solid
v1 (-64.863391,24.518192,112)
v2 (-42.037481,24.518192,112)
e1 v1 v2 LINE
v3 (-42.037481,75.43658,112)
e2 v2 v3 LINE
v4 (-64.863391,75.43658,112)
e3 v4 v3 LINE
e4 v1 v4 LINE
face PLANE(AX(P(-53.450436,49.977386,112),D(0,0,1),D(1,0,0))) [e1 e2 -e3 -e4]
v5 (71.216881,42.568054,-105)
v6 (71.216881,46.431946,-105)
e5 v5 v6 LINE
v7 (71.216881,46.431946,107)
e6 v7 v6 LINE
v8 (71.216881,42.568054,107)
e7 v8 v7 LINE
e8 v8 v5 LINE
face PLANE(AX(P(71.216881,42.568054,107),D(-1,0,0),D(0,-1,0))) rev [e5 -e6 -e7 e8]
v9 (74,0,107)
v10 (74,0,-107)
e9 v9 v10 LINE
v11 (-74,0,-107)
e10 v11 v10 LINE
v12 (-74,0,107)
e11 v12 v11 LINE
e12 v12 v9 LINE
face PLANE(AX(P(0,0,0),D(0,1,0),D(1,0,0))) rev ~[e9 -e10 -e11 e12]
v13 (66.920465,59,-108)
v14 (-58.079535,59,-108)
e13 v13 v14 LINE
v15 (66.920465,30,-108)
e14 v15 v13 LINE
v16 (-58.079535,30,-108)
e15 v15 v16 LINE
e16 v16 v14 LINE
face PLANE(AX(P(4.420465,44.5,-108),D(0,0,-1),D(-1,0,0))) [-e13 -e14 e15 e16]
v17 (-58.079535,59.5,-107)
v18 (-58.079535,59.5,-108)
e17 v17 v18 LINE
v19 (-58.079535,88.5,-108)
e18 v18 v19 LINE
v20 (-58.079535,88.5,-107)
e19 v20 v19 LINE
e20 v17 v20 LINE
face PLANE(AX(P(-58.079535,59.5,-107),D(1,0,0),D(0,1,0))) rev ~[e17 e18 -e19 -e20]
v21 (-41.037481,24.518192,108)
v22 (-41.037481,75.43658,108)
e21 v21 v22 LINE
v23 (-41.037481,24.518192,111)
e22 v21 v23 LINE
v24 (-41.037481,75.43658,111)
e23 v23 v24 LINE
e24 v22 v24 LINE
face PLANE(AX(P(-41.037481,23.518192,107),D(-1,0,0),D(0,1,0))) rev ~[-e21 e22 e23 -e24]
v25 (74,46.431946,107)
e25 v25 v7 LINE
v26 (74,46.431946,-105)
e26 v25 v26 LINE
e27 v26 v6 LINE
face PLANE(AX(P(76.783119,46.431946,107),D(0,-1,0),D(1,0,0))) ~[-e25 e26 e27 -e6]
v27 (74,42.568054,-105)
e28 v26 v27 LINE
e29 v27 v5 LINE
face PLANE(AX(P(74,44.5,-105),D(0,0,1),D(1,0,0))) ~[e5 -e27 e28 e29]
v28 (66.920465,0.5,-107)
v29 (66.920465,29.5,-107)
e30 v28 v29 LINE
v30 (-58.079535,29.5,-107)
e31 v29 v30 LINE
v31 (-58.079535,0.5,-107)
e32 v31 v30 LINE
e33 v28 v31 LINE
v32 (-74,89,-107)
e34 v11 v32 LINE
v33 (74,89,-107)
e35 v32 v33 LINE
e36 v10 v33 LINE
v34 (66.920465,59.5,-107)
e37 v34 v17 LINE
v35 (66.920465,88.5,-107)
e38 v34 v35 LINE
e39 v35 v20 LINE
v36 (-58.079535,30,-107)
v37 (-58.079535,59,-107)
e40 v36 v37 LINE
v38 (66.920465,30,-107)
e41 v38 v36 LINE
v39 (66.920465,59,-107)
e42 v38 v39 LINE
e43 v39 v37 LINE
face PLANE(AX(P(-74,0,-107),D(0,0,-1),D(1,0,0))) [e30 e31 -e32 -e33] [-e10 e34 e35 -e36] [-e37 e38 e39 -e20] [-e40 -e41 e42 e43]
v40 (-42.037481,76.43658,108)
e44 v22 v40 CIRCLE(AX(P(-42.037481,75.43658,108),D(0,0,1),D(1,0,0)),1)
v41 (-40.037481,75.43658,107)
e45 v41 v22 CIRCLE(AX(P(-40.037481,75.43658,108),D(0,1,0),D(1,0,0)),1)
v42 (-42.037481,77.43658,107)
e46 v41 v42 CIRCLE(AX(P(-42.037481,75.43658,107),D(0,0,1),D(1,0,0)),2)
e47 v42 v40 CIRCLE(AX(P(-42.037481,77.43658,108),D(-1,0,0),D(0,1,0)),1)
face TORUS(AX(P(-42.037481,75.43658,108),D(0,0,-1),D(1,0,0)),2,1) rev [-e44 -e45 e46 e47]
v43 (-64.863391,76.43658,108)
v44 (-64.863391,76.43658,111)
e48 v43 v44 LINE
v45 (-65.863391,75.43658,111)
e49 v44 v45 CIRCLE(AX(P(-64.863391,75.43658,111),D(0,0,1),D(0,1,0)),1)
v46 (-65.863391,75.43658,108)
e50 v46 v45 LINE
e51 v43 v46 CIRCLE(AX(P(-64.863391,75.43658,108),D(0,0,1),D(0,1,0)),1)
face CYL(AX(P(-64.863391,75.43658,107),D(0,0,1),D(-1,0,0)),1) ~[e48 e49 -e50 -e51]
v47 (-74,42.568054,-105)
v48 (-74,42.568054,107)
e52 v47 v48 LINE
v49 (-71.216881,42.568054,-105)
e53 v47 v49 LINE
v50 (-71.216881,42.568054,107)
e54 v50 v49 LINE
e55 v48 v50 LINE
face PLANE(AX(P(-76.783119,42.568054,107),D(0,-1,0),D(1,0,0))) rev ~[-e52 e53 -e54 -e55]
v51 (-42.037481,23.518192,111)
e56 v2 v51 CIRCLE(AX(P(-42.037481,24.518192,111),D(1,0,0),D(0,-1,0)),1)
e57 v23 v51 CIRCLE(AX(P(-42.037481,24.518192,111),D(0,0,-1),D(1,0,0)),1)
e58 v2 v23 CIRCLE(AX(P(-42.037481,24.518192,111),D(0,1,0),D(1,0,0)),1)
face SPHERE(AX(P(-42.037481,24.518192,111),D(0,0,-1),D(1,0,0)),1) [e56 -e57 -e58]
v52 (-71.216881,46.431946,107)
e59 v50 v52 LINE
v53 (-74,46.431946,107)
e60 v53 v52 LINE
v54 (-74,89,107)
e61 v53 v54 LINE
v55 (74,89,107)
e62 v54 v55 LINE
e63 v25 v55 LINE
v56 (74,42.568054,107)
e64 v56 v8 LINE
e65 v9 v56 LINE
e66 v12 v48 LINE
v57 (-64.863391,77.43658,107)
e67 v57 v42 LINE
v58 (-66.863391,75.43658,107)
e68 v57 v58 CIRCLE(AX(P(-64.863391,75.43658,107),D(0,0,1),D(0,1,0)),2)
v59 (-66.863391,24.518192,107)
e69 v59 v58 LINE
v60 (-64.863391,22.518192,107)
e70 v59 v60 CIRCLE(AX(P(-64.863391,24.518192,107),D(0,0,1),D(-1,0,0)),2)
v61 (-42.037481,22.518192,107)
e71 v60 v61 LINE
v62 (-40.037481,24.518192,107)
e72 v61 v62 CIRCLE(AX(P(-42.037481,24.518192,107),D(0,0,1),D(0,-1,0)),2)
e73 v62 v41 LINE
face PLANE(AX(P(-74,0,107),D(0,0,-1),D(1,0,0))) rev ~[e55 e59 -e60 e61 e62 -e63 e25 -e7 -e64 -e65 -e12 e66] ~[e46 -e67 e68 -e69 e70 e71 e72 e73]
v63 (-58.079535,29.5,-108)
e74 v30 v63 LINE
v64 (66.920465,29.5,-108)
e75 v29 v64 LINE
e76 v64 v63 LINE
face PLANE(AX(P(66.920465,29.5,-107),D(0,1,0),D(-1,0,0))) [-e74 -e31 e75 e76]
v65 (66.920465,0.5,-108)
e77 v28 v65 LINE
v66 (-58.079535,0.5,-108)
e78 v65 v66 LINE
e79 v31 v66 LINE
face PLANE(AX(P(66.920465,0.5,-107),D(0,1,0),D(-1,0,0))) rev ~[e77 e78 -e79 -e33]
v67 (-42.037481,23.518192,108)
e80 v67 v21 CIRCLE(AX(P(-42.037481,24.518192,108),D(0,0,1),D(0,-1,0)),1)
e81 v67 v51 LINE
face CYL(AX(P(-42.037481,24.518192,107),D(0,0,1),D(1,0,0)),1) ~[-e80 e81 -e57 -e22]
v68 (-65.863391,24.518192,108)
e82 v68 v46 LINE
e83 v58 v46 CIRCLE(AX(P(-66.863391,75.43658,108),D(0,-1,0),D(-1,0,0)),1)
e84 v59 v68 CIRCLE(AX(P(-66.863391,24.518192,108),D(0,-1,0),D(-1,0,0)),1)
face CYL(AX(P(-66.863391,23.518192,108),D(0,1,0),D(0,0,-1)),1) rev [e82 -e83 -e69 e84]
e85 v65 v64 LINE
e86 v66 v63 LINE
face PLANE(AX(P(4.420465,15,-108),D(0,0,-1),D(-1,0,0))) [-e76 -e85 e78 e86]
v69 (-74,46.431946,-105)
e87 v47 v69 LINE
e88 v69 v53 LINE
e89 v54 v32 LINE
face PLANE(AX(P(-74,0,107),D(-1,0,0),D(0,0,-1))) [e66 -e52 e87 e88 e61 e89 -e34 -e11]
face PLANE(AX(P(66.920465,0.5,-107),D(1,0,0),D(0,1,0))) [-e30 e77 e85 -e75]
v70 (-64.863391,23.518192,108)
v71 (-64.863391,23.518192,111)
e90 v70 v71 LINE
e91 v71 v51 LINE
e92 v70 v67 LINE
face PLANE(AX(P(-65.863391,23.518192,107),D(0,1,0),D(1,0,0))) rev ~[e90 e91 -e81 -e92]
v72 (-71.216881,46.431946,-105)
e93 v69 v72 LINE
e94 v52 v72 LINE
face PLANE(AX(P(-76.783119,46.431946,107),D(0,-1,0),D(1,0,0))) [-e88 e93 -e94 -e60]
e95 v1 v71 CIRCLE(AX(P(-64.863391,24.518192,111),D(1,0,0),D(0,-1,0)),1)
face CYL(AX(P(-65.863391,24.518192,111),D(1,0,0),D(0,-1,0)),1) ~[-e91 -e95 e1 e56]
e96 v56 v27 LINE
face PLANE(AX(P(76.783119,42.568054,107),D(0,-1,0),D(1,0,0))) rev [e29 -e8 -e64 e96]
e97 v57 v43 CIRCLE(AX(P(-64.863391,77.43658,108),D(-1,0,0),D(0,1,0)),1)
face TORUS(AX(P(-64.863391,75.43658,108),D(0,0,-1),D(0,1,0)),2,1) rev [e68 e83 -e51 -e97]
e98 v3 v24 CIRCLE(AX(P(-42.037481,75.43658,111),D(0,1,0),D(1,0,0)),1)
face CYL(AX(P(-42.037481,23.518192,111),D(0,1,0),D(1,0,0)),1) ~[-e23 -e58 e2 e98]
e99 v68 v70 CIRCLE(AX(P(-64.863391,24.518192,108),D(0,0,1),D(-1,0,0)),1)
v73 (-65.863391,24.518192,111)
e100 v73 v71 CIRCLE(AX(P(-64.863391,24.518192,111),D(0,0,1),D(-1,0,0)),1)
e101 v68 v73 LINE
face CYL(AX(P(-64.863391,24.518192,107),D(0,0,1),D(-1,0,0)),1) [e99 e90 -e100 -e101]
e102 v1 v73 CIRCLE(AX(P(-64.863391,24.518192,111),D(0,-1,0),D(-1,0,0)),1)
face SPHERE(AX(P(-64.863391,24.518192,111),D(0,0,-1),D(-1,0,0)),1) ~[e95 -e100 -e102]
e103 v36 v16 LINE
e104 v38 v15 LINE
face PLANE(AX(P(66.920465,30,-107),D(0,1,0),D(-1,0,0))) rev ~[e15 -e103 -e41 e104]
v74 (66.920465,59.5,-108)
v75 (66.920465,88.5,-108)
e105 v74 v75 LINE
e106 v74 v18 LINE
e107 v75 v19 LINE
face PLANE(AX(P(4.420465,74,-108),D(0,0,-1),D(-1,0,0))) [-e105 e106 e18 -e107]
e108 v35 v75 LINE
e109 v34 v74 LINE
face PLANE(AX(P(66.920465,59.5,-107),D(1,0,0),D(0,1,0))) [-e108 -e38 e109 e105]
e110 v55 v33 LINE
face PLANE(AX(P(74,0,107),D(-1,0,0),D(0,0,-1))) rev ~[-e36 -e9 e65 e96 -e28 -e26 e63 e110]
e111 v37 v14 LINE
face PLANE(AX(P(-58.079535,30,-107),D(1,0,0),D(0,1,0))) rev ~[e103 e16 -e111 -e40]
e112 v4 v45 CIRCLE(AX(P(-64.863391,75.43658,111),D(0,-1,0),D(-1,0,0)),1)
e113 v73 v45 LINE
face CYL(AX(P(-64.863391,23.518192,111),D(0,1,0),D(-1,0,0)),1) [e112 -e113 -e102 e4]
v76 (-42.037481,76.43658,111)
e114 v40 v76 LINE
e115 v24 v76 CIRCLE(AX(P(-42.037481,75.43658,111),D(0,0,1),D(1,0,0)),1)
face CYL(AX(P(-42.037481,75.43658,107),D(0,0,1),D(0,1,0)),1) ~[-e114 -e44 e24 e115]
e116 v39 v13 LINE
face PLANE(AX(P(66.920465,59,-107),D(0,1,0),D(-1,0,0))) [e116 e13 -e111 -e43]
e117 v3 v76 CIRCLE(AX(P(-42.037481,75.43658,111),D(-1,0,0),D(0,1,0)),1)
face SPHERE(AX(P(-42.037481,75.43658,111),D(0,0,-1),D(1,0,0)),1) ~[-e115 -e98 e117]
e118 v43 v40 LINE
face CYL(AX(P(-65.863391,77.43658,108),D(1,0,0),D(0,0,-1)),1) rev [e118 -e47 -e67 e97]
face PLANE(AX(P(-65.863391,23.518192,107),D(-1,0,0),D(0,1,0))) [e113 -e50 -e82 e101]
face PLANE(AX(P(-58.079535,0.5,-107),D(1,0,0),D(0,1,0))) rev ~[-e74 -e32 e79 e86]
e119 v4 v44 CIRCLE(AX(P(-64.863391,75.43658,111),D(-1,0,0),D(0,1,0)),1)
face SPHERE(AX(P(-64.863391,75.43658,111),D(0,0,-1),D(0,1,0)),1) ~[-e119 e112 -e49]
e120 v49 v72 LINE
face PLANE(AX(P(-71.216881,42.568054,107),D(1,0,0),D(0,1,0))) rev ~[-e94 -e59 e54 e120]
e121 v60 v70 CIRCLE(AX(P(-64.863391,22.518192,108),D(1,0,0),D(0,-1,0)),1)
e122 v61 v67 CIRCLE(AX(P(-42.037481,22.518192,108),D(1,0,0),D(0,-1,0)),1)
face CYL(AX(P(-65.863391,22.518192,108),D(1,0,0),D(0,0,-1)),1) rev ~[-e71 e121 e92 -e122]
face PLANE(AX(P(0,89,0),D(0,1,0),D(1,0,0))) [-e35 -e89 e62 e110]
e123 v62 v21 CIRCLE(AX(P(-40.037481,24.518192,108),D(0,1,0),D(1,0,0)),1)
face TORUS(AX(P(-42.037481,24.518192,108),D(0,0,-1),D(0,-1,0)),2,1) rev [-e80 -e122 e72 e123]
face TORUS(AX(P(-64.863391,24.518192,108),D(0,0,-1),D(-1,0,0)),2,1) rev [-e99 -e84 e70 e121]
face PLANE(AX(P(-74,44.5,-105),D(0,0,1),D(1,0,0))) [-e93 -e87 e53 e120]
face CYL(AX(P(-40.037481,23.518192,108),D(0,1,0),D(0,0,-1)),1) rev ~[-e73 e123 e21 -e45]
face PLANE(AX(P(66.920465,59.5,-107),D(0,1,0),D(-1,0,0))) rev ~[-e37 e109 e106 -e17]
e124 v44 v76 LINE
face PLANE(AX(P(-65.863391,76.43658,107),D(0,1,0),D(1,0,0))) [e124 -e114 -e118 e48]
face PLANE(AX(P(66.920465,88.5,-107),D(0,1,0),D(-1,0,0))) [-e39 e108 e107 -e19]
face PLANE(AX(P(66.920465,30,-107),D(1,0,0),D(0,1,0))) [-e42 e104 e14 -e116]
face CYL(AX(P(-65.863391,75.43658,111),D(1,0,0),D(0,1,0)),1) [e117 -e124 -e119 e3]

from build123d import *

# Parameters (mm, degrees)
SKETCH1_W           = 148
SKETCH1_H           = 214
BOSS_EXTRUDE1_DEPTH = 89
SKETCH2_W           = 5.566237362
SKETCH2_H           = 3.86389192
CUT_EXTRUDE1_DEPTH  = 212
SKETCH3_W           = 24.825910207
SKETCH3_H           = 52.918387546
BOSS_EXTRUDE2_DEPTH = 5
FILLET1_R           = 1
SKETCH4_W           = 125
SKETCH4_H           = 29
BOSS_EXTRUDE3_DEPTH = 1
LPATTERN1_COUNT     = 3
LPATTERN1_PITCH     = 29.5


with BuildPart() as part:
    # Sketch1 → Boss-Extrude1 (new body)
    with BuildSketch(Plane(origin=(0, 0, 0), x_dir=(1, 0, 0), z_dir=(0, 1, 0))):
        Rectangle(SKETCH1_W, SKETCH1_H)
    extrude(amount=BOSS_EXTRUDE1_DEPTH)

    # Sketch2 → Cut-Extrude1 (cut)
    with BuildSketch(Plane.XY.offset(107)):
        with Locations((-74, 44.5)):
            Rectangle(SKETCH2_W, SKETCH2_H)
    cut_extrude1 = extrude(amount=-CUT_EXTRUDE1_DEPTH, mode=Mode.SUBTRACT)

    # Mirror1: Cut-Extrude1 across plane
    add(cut_extrude1.mirror(Plane(origin=(0, 0, 0), x_dir=(0, 0, 1), z_dir=(1, 0, 0))), mode=Mode.SUBTRACT)

    # Sketch3 → Boss-Extrude2 (add)
    with BuildSketch(Plane.XY.offset(107)):
        with Locations((-53.45043607, 49.977386193)):
            Rectangle(SKETCH3_W, SKETCH3_H)
    extrude(amount=BOSS_EXTRUDE2_DEPTH)

    # Fillet1
    fillet1_edges = [part.edges().sort_by_distance(p)[0] for p in [
        (-41.037480966, 49.977386193, 107),
        (-41.037480966, 23.51819242, 109.5),
        (-53.450436069, 76.436579966, 107),
        (-41.037480966, 76.436579966, 109.5),
        (-65.863391173, 49.977386193, 107),
        (-65.863391173, 76.436579966, 109.5),
        (-53.450436069, 23.51819242, 107),
        (-65.863391173, 23.51819242, 109.5),
        (-41.037480966, 49.977386193, 112),
        (-53.450436069, 76.436579966, 112),
        (-65.863391173, 49.977386193, 112),
        (-53.450436069, 23.51819242, 112),
    ]]
    fillet(fillet1_edges, radius=FILLET1_R)

    # Sketch4 → Boss-Extrude3 (add)
    with BuildSketch(Plane(origin=(0, 0, -107), x_dir=(-1, 0, 0), z_dir=(0, 0, -1))):
        with Locations((-4.420464609, 74)):
            Rectangle(SKETCH4_W, SKETCH4_H)
    boss_extrude3 = extrude(amount=BOSS_EXTRUDE3_DEPTH)

    # LPattern1: Boss-Extrude3 ×3
    with Locations(*[(0, -i * LPATTERN1_PITCH, 0) for i in range(1, LPATTERN1_COUNT)]):
        add(boss_extrude3)


solid = part.part
